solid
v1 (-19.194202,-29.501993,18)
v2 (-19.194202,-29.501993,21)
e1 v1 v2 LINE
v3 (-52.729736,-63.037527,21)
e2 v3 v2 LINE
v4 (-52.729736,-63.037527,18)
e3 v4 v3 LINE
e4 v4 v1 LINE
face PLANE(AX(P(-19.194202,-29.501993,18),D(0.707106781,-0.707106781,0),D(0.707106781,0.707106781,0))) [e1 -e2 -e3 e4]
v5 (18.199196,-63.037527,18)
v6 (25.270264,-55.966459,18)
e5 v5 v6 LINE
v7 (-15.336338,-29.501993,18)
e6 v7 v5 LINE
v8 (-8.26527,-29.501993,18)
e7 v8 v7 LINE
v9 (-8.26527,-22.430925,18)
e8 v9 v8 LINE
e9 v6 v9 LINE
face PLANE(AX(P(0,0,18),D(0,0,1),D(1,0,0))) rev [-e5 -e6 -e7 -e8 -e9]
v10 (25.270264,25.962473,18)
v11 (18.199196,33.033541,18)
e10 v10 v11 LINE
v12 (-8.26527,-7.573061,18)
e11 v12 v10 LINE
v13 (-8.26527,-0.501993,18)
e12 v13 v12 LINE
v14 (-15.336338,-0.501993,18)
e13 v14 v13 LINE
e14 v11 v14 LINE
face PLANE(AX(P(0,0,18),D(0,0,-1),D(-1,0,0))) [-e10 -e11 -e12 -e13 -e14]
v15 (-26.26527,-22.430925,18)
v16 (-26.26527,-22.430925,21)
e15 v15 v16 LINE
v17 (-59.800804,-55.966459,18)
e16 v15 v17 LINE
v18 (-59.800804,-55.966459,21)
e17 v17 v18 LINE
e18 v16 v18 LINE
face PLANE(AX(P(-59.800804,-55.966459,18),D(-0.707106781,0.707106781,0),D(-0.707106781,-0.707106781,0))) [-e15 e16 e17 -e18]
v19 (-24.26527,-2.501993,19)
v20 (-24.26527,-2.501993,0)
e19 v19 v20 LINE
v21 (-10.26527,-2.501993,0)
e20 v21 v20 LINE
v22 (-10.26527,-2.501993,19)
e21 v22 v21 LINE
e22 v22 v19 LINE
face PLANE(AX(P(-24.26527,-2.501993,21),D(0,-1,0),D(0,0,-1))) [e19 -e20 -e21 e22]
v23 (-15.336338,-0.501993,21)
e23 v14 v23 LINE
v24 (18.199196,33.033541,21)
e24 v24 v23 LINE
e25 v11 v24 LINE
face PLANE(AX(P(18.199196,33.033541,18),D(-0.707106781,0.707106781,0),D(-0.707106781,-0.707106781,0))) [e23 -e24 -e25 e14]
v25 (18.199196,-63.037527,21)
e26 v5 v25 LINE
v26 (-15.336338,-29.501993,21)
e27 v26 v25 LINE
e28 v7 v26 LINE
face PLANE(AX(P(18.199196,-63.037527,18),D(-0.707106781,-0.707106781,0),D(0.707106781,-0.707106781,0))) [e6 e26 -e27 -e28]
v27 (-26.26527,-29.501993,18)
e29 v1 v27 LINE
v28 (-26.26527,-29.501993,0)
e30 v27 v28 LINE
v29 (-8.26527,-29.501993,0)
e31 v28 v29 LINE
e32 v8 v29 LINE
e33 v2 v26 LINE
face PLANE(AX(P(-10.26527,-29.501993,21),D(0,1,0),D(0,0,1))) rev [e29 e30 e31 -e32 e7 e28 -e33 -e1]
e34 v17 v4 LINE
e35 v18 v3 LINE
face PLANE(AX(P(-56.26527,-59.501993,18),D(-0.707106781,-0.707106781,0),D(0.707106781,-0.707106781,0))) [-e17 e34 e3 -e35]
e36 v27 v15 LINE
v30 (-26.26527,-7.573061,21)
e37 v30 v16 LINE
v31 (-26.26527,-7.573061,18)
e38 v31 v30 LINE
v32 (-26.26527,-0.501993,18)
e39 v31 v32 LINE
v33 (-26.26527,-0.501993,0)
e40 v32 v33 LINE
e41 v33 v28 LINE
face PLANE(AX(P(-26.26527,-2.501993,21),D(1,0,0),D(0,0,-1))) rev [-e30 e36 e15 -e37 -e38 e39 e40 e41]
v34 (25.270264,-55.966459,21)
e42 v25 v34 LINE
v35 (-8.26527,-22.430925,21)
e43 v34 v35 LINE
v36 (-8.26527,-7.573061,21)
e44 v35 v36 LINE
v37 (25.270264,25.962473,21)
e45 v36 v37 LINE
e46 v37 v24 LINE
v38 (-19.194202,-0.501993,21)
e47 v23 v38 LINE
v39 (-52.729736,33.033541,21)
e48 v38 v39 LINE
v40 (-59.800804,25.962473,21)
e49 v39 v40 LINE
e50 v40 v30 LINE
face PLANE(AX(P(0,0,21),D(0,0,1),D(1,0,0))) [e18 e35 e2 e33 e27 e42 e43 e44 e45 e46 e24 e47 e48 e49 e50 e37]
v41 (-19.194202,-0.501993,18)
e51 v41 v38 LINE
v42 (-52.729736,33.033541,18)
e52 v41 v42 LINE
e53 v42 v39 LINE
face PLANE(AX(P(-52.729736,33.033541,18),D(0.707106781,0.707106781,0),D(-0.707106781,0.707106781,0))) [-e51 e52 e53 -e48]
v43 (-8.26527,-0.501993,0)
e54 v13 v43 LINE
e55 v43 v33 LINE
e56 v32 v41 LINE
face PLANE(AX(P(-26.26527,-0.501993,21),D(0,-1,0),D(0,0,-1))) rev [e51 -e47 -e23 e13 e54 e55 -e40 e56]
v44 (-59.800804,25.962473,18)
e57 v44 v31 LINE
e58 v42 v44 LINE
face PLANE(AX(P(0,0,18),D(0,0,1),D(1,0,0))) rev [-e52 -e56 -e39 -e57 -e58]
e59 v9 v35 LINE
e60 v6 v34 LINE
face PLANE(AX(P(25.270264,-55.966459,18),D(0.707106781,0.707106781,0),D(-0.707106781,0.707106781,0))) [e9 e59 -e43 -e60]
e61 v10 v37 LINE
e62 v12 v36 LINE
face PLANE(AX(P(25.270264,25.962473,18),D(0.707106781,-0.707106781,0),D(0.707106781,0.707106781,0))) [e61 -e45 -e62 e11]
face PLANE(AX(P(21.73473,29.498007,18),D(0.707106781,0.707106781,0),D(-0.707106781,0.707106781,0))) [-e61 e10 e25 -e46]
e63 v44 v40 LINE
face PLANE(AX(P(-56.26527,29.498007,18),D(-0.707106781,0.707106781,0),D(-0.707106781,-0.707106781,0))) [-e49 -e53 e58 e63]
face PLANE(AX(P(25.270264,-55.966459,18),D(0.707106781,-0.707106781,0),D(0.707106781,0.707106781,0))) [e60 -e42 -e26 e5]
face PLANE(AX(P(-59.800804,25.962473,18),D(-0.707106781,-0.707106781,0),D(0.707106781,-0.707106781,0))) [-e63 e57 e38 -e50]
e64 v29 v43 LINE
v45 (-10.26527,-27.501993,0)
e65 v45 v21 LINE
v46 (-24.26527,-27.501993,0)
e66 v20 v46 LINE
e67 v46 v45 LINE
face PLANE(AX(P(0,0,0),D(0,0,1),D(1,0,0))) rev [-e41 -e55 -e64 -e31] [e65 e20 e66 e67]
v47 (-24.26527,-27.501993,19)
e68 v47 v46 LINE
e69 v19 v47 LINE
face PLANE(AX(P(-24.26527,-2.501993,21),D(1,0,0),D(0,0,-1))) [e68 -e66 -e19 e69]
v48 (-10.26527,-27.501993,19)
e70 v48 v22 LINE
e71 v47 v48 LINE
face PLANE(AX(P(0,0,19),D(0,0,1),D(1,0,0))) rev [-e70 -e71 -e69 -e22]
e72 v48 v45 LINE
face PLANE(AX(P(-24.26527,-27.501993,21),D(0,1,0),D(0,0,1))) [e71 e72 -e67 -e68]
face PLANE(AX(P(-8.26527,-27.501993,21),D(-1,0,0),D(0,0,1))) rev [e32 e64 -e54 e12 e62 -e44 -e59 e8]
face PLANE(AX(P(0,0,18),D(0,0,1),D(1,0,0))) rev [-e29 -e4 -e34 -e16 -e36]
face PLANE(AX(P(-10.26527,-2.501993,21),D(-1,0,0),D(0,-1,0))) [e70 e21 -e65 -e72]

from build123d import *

# Parameters (mm, degrees)
CROQUIS1_W              = 14
CROQUIS1_H              = 25
SALIENTE_EXTRUIR3_DEPTH = 21
CROQUIS3_W              = 14
CROQUIS3_H              = 25
SALIENTE_EXTRUIR4_DEPTH = 2
SALIENTE_EXTRUIR5_DEPTH = 3


with BuildPart() as part:
    # Croquis1 → Saliente-Extruir3 (new body)
    with BuildSketch(Plane.XY):
        Polygon((-26.265270251, -2.501993068), (-26.265270251, -29.501993068), (-10.265270251, -29.501993068), (-8.265270251, -29.501993068), (-8.265270251, -27.501993068), (-8.265270251, -0.501993068), (-24.265270251, -0.501993068), (-26.265270251, -0.501993068), align=None)
        with Locations((-17.265270251, -15.001993068)):
            Rectangle(CROQUIS1_W, CROQUIS1_H, mode=Mode.SUBTRACT)
    extrude(amount=SALIENTE_EXTRUIR3_DEPTH)

    # Croquis3 → Saliente-Extruir4 (add)
    with BuildSketch(Plane.XY.offset(21)):
        with Locations((-17.265270251, -15.001993068)):
            Rectangle(CROQUIS3_W, CROQUIS3_H)
    extrude(amount=-SALIENTE_EXTRUIR4_DEPTH)

    # Croquis4 → Saliente-Extruir5 (add)
    with BuildSketch(Plane.XY.offset(21)):
        Polygon((-56.265270251, 29.498006932), (-52.729736345, 33.033540838), (-19.194202439, -0.501993068), (-26.265270251, -0.501993068), (-26.265270251, -7.573060879), (-59.800804157, 25.962473026), align=None)
        Polygon((21.734729749, 29.498006932), (25.270263655, 25.962473026), (-8.265270251, -7.573060879), (-8.265270251, -0.501993068), (-15.336338063, -0.501993068), (18.199195843, 33.033540838), align=None)
        Polygon((25.270263655, -55.966459162), (21.734729749, -59.501993068), (18.199195843, -63.037526974), (-15.336338063, -29.501993068), (-8.265270251, -29.501993068), (-8.265270251, -22.430925256), align=None)
        Polygon((-56.265270251, -59.501993068), (-59.800804157, -55.966459162), (-26.265270251, -22.430925256), (-26.265270251, -29.501993068), (-19.194202439, -29.501993068), (-52.729736345, -63.037526974), align=None)
    extrude(amount=-SALIENTE_EXTRUIR5_DEPTH)


solid = part.part
